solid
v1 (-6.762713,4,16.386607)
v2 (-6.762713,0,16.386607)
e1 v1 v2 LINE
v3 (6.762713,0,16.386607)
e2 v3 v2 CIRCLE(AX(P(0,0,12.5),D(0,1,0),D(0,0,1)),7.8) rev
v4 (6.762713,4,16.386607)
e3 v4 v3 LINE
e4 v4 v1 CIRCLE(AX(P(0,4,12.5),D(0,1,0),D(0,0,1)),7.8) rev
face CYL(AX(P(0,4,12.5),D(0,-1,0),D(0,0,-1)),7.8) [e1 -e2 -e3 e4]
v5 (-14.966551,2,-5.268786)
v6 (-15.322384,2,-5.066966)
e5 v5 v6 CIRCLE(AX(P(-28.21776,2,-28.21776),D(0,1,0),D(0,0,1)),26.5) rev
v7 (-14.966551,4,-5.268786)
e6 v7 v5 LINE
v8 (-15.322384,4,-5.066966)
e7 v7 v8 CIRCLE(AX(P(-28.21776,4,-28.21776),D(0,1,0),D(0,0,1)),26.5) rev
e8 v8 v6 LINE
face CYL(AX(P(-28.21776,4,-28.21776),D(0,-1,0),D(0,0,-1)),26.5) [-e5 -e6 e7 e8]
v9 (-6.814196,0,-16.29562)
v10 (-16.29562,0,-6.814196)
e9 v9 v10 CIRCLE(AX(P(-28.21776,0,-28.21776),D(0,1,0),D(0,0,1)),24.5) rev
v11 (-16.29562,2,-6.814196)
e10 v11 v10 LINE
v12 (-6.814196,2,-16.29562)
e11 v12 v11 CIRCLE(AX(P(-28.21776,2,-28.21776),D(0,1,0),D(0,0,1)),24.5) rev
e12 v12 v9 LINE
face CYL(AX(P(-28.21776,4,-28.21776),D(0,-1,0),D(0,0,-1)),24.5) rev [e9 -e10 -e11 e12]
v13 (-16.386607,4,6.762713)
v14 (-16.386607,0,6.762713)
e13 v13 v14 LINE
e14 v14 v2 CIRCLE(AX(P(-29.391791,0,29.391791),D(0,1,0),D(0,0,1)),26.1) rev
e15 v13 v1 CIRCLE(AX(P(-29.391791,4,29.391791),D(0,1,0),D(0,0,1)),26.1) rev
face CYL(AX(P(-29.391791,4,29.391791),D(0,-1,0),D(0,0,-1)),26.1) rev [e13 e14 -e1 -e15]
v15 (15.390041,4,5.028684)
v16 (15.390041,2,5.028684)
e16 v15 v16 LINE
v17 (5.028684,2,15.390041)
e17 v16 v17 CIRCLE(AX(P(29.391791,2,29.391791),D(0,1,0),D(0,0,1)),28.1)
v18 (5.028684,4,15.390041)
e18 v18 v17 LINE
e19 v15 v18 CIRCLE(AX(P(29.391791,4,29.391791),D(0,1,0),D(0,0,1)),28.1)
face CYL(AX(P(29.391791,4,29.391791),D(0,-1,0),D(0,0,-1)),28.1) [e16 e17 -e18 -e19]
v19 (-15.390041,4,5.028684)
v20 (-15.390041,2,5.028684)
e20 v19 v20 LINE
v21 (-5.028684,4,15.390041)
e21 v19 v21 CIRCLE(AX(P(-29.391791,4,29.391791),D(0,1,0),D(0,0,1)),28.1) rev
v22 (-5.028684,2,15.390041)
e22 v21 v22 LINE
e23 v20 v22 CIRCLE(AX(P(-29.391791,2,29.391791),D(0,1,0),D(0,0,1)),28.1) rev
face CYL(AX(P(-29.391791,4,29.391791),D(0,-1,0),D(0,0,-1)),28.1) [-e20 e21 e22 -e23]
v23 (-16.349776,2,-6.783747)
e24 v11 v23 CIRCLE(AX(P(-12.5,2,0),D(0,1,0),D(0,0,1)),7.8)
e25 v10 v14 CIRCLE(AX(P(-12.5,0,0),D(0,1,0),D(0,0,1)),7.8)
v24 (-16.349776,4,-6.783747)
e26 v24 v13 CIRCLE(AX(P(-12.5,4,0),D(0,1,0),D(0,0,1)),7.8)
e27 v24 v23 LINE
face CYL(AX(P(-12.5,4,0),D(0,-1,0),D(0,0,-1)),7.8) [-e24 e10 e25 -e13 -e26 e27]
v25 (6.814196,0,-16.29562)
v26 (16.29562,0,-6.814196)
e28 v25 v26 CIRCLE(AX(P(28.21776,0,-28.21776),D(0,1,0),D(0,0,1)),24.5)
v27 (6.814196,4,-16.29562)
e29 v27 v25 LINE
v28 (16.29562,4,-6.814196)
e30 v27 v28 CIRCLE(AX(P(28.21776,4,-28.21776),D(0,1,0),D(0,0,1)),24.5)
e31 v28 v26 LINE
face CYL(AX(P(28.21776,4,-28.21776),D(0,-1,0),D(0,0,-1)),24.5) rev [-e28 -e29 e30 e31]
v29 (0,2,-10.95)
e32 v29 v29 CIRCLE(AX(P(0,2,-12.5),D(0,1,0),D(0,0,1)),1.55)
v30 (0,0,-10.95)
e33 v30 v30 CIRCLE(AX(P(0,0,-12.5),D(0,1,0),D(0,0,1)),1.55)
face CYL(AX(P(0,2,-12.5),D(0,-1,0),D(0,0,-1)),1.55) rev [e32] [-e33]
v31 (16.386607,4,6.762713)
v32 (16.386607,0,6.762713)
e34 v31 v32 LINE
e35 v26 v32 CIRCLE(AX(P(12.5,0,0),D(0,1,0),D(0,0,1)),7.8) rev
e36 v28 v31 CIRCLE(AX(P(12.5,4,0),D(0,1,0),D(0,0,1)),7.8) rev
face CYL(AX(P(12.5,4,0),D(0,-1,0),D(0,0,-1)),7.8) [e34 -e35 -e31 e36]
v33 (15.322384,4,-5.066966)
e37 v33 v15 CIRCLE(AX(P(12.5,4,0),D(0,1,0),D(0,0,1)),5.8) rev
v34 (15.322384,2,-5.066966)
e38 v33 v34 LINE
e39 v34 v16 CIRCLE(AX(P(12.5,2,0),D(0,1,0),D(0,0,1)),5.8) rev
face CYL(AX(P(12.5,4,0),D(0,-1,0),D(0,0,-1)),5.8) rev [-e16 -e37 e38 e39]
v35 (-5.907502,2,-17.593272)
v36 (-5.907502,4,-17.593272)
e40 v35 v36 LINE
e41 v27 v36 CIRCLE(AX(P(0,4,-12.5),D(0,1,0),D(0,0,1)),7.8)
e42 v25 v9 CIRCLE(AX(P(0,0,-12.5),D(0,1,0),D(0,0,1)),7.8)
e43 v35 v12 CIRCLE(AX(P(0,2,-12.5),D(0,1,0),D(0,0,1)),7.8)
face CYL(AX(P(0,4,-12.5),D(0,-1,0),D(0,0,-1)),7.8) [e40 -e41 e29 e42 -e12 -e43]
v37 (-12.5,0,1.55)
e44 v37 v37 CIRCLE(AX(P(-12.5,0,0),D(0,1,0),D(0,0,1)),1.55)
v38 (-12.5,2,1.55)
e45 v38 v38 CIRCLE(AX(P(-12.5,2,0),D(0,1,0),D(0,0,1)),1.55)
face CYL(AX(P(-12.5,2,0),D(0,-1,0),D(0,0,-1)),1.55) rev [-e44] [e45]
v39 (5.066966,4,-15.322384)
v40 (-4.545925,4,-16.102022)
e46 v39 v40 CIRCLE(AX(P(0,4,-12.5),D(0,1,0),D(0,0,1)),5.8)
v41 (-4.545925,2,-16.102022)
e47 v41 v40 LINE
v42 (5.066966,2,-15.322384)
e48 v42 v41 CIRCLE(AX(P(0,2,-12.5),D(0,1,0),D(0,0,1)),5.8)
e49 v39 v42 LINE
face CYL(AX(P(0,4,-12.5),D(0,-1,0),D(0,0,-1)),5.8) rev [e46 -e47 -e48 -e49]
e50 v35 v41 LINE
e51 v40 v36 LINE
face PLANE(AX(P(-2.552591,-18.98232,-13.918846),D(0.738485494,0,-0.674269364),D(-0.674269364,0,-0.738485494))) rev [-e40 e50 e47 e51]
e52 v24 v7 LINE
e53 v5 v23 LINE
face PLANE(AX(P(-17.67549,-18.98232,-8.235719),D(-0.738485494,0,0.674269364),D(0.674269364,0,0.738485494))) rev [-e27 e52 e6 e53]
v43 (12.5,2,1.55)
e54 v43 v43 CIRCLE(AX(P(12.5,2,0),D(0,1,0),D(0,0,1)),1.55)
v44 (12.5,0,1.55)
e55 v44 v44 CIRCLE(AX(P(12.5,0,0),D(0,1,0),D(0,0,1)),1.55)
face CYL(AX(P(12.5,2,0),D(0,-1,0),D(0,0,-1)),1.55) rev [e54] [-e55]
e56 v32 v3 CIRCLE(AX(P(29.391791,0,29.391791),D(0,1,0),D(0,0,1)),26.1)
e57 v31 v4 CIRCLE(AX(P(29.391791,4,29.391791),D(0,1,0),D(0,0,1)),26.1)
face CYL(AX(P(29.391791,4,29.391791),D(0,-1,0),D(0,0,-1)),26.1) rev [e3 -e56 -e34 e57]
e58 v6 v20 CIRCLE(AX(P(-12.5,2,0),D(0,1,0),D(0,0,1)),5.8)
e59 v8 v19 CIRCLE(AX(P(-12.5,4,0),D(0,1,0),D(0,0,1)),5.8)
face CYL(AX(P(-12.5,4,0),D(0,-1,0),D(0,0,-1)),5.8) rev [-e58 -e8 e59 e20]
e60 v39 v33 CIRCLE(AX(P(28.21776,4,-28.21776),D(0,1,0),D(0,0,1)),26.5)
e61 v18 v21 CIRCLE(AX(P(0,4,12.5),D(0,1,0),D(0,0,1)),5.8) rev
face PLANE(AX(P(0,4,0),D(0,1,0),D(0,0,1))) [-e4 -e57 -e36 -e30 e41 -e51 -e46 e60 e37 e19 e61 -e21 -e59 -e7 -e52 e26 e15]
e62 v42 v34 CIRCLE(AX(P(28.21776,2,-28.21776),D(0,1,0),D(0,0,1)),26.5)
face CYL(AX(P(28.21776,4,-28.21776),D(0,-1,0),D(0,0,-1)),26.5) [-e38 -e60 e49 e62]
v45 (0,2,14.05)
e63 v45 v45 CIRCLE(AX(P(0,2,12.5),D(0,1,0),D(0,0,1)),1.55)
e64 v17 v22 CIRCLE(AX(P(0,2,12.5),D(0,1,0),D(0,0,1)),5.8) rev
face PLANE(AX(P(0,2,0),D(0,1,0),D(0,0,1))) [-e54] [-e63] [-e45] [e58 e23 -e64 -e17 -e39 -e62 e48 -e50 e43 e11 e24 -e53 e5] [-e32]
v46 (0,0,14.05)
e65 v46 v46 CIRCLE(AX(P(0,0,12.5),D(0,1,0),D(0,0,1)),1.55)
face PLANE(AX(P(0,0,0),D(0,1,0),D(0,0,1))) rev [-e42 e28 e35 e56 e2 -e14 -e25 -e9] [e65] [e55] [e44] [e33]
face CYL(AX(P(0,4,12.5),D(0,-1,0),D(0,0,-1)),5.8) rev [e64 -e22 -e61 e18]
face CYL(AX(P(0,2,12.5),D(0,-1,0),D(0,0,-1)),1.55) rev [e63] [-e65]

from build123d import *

# Parameters (mm, degrees)
EXTRUDE_1_DEPTH     = 4
SKETCH_1_3_R        = 1.55
EXTRUDE_2_DEPTH     = 2
CUT_EXTRUDE_1_DEPTH = 2


with BuildPart() as part:
    # 草图1 → 凸台-拉伸1 (new body)
    with BuildSketch(Plane(origin=(0, 0, 0), x_dir=(1, 0, 0), z_dir=(0, 1, 0))):
        with BuildLine():
            ThreePointArc((6.814196026, 16.295620175), (10.893644329, 10.893644329), (16.295620175, 6.814196026))
            ThreePointArc((16.295620175, 6.814196026), (20.299824853, 0.052271097), (16.386606825, -6.76271302))
            ThreePointArc((16.386606825, -6.76271302), (10.936304212, -10.936304212), (6.76271302, -16.386606825))
            ThreePointArc((6.76271302, -16.386606825), (0, -20.3), (-6.76271302, -16.386606825))
            ThreePointArc((-6.76271302, -16.386606825), (-10.936304212, -10.936304212), (-16.386606825, -6.76271302))
            ThreePointArc((-16.386606825, -6.76271302), (-20.299824853, 0.052271097), (-16.295620175, 6.814196026))
            ThreePointArc((-16.295620175, 6.814196026), (-10.893644329, 10.893644329), (-6.814196026, 16.295620175))
            ThreePointArc((-6.814196026, 16.295620175), (0, 20.3), (6.814196026, 16.295620175))
        make_face()
        with BuildLine():
            ThreePointArc((15.322384233, 5.066966276), (18.299869762, 0.038868252), (15.390040972, -5.02868404))
            ThreePointArc((15.390040972, -5.02868404), (9.52209065, -9.52209065), (5.02868404, -15.390040972))
            ThreePointArc((5.02868404, -15.390040972), (0, -18.3), (-5.02868404, -15.390040972))
            ThreePointArc((-5.02868404, -15.390040972), (-9.52209065, -9.52209065), (-15.390040972, -5.02868404))
            ThreePointArc((-15.390040972, -5.02868404), (-18.299869762, 0.038868252), (-15.322384233, 5.066966276))
            ThreePointArc((-15.322384233, 5.066966276), (-9.479430767, 9.479430767), (-5.066966276, 15.322384233))
            ThreePointArc((-5.066966276, 15.322384233), (0, 18.3), (5.066966276, 15.322384233))
            ThreePointArc((5.066966276, 15.322384233), (9.479430767, 9.479430767), (15.322384233, 5.066966276))
        make_face(mode=Mode.SUBTRACT)
    extrude(amount=EXTRUDE_1_DEPTH)

    # 草图1<3> → 凸台-拉伸2 (add)
    with BuildSketch(Plane(origin=(0, 0, 0), x_dir=(1, 0, 0), z_dir=(0, 1, 0))):
        with BuildLine():
            ThreePointArc((15.390040972, -5.02868404), (9.52209065, -9.52209065), (5.02868404, -15.390040972))
            ThreePointArc((5.02868404, -15.390040972), (0, -18.3), (-5.02868404, -15.390040972))
            ThreePointArc((-5.02868404, -15.390040972), (-9.52209065, -9.52209065), (-15.390040972, -5.02868404))
            ThreePointArc((-15.390040972, -5.02868404), (-18.299869762, 0.038868252), (-15.322384233, 5.066966276))
            ThreePointArc((-15.322384233, 5.066966276), (-9.479430767, 9.479430767), (-5.066966276, 15.322384233))
            ThreePointArc((-5.066966276, 15.322384233), (0, 18.3), (5.066966276, 15.322384233))
            ThreePointArc((5.066966276, 15.322384233), (9.479430767, 9.479430767), (15.322384233, 5.066966276))
            ThreePointArc((15.322384233, 5.066966276), (18.299869762, 0.038868252), (15.390040972, -5.02868404))
        make_face()
        with Locations(Location((0, -12.5, 0), (0, 0, 270))):
            Circle(SKETCH_1_3_R, mode=Mode.SUBTRACT)
        with Locations(Location((12.5, 0, 0), (0, 0, 270))):
            Circle(SKETCH_1_3_R, mode=Mode.SUBTRACT)
        with Locations(Location((0, 12.5, 0), (0, 0, 270))):
            Circle(SKETCH_1_3_R, mode=Mode.SUBTRACT)
        with Locations(Location((-12.5, 0, 0), (0, 0, 270))):
            Circle(SKETCH_1_3_R, mode=Mode.SUBTRACT)
    extrude(amount=EXTRUDE_2_DEPTH)

    # 草图2 → 切除-拉伸1 (cut)
    with BuildSketch(Plane(origin=(0, 4, 0), x_dir=(1, 0, 0), z_dir=(0, 1, 0))):
        Polygon((-17.675489757, 8.235718661), (-13.629873573, 3.804805697), (-2.552591164, 13.918846157), (-6.598207348, 18.349759121), align=None)
    extrude(amount=-CUT_EXTRUDE_1_DEPTH, mode=Mode.SUBTRACT)


solid = part.part
